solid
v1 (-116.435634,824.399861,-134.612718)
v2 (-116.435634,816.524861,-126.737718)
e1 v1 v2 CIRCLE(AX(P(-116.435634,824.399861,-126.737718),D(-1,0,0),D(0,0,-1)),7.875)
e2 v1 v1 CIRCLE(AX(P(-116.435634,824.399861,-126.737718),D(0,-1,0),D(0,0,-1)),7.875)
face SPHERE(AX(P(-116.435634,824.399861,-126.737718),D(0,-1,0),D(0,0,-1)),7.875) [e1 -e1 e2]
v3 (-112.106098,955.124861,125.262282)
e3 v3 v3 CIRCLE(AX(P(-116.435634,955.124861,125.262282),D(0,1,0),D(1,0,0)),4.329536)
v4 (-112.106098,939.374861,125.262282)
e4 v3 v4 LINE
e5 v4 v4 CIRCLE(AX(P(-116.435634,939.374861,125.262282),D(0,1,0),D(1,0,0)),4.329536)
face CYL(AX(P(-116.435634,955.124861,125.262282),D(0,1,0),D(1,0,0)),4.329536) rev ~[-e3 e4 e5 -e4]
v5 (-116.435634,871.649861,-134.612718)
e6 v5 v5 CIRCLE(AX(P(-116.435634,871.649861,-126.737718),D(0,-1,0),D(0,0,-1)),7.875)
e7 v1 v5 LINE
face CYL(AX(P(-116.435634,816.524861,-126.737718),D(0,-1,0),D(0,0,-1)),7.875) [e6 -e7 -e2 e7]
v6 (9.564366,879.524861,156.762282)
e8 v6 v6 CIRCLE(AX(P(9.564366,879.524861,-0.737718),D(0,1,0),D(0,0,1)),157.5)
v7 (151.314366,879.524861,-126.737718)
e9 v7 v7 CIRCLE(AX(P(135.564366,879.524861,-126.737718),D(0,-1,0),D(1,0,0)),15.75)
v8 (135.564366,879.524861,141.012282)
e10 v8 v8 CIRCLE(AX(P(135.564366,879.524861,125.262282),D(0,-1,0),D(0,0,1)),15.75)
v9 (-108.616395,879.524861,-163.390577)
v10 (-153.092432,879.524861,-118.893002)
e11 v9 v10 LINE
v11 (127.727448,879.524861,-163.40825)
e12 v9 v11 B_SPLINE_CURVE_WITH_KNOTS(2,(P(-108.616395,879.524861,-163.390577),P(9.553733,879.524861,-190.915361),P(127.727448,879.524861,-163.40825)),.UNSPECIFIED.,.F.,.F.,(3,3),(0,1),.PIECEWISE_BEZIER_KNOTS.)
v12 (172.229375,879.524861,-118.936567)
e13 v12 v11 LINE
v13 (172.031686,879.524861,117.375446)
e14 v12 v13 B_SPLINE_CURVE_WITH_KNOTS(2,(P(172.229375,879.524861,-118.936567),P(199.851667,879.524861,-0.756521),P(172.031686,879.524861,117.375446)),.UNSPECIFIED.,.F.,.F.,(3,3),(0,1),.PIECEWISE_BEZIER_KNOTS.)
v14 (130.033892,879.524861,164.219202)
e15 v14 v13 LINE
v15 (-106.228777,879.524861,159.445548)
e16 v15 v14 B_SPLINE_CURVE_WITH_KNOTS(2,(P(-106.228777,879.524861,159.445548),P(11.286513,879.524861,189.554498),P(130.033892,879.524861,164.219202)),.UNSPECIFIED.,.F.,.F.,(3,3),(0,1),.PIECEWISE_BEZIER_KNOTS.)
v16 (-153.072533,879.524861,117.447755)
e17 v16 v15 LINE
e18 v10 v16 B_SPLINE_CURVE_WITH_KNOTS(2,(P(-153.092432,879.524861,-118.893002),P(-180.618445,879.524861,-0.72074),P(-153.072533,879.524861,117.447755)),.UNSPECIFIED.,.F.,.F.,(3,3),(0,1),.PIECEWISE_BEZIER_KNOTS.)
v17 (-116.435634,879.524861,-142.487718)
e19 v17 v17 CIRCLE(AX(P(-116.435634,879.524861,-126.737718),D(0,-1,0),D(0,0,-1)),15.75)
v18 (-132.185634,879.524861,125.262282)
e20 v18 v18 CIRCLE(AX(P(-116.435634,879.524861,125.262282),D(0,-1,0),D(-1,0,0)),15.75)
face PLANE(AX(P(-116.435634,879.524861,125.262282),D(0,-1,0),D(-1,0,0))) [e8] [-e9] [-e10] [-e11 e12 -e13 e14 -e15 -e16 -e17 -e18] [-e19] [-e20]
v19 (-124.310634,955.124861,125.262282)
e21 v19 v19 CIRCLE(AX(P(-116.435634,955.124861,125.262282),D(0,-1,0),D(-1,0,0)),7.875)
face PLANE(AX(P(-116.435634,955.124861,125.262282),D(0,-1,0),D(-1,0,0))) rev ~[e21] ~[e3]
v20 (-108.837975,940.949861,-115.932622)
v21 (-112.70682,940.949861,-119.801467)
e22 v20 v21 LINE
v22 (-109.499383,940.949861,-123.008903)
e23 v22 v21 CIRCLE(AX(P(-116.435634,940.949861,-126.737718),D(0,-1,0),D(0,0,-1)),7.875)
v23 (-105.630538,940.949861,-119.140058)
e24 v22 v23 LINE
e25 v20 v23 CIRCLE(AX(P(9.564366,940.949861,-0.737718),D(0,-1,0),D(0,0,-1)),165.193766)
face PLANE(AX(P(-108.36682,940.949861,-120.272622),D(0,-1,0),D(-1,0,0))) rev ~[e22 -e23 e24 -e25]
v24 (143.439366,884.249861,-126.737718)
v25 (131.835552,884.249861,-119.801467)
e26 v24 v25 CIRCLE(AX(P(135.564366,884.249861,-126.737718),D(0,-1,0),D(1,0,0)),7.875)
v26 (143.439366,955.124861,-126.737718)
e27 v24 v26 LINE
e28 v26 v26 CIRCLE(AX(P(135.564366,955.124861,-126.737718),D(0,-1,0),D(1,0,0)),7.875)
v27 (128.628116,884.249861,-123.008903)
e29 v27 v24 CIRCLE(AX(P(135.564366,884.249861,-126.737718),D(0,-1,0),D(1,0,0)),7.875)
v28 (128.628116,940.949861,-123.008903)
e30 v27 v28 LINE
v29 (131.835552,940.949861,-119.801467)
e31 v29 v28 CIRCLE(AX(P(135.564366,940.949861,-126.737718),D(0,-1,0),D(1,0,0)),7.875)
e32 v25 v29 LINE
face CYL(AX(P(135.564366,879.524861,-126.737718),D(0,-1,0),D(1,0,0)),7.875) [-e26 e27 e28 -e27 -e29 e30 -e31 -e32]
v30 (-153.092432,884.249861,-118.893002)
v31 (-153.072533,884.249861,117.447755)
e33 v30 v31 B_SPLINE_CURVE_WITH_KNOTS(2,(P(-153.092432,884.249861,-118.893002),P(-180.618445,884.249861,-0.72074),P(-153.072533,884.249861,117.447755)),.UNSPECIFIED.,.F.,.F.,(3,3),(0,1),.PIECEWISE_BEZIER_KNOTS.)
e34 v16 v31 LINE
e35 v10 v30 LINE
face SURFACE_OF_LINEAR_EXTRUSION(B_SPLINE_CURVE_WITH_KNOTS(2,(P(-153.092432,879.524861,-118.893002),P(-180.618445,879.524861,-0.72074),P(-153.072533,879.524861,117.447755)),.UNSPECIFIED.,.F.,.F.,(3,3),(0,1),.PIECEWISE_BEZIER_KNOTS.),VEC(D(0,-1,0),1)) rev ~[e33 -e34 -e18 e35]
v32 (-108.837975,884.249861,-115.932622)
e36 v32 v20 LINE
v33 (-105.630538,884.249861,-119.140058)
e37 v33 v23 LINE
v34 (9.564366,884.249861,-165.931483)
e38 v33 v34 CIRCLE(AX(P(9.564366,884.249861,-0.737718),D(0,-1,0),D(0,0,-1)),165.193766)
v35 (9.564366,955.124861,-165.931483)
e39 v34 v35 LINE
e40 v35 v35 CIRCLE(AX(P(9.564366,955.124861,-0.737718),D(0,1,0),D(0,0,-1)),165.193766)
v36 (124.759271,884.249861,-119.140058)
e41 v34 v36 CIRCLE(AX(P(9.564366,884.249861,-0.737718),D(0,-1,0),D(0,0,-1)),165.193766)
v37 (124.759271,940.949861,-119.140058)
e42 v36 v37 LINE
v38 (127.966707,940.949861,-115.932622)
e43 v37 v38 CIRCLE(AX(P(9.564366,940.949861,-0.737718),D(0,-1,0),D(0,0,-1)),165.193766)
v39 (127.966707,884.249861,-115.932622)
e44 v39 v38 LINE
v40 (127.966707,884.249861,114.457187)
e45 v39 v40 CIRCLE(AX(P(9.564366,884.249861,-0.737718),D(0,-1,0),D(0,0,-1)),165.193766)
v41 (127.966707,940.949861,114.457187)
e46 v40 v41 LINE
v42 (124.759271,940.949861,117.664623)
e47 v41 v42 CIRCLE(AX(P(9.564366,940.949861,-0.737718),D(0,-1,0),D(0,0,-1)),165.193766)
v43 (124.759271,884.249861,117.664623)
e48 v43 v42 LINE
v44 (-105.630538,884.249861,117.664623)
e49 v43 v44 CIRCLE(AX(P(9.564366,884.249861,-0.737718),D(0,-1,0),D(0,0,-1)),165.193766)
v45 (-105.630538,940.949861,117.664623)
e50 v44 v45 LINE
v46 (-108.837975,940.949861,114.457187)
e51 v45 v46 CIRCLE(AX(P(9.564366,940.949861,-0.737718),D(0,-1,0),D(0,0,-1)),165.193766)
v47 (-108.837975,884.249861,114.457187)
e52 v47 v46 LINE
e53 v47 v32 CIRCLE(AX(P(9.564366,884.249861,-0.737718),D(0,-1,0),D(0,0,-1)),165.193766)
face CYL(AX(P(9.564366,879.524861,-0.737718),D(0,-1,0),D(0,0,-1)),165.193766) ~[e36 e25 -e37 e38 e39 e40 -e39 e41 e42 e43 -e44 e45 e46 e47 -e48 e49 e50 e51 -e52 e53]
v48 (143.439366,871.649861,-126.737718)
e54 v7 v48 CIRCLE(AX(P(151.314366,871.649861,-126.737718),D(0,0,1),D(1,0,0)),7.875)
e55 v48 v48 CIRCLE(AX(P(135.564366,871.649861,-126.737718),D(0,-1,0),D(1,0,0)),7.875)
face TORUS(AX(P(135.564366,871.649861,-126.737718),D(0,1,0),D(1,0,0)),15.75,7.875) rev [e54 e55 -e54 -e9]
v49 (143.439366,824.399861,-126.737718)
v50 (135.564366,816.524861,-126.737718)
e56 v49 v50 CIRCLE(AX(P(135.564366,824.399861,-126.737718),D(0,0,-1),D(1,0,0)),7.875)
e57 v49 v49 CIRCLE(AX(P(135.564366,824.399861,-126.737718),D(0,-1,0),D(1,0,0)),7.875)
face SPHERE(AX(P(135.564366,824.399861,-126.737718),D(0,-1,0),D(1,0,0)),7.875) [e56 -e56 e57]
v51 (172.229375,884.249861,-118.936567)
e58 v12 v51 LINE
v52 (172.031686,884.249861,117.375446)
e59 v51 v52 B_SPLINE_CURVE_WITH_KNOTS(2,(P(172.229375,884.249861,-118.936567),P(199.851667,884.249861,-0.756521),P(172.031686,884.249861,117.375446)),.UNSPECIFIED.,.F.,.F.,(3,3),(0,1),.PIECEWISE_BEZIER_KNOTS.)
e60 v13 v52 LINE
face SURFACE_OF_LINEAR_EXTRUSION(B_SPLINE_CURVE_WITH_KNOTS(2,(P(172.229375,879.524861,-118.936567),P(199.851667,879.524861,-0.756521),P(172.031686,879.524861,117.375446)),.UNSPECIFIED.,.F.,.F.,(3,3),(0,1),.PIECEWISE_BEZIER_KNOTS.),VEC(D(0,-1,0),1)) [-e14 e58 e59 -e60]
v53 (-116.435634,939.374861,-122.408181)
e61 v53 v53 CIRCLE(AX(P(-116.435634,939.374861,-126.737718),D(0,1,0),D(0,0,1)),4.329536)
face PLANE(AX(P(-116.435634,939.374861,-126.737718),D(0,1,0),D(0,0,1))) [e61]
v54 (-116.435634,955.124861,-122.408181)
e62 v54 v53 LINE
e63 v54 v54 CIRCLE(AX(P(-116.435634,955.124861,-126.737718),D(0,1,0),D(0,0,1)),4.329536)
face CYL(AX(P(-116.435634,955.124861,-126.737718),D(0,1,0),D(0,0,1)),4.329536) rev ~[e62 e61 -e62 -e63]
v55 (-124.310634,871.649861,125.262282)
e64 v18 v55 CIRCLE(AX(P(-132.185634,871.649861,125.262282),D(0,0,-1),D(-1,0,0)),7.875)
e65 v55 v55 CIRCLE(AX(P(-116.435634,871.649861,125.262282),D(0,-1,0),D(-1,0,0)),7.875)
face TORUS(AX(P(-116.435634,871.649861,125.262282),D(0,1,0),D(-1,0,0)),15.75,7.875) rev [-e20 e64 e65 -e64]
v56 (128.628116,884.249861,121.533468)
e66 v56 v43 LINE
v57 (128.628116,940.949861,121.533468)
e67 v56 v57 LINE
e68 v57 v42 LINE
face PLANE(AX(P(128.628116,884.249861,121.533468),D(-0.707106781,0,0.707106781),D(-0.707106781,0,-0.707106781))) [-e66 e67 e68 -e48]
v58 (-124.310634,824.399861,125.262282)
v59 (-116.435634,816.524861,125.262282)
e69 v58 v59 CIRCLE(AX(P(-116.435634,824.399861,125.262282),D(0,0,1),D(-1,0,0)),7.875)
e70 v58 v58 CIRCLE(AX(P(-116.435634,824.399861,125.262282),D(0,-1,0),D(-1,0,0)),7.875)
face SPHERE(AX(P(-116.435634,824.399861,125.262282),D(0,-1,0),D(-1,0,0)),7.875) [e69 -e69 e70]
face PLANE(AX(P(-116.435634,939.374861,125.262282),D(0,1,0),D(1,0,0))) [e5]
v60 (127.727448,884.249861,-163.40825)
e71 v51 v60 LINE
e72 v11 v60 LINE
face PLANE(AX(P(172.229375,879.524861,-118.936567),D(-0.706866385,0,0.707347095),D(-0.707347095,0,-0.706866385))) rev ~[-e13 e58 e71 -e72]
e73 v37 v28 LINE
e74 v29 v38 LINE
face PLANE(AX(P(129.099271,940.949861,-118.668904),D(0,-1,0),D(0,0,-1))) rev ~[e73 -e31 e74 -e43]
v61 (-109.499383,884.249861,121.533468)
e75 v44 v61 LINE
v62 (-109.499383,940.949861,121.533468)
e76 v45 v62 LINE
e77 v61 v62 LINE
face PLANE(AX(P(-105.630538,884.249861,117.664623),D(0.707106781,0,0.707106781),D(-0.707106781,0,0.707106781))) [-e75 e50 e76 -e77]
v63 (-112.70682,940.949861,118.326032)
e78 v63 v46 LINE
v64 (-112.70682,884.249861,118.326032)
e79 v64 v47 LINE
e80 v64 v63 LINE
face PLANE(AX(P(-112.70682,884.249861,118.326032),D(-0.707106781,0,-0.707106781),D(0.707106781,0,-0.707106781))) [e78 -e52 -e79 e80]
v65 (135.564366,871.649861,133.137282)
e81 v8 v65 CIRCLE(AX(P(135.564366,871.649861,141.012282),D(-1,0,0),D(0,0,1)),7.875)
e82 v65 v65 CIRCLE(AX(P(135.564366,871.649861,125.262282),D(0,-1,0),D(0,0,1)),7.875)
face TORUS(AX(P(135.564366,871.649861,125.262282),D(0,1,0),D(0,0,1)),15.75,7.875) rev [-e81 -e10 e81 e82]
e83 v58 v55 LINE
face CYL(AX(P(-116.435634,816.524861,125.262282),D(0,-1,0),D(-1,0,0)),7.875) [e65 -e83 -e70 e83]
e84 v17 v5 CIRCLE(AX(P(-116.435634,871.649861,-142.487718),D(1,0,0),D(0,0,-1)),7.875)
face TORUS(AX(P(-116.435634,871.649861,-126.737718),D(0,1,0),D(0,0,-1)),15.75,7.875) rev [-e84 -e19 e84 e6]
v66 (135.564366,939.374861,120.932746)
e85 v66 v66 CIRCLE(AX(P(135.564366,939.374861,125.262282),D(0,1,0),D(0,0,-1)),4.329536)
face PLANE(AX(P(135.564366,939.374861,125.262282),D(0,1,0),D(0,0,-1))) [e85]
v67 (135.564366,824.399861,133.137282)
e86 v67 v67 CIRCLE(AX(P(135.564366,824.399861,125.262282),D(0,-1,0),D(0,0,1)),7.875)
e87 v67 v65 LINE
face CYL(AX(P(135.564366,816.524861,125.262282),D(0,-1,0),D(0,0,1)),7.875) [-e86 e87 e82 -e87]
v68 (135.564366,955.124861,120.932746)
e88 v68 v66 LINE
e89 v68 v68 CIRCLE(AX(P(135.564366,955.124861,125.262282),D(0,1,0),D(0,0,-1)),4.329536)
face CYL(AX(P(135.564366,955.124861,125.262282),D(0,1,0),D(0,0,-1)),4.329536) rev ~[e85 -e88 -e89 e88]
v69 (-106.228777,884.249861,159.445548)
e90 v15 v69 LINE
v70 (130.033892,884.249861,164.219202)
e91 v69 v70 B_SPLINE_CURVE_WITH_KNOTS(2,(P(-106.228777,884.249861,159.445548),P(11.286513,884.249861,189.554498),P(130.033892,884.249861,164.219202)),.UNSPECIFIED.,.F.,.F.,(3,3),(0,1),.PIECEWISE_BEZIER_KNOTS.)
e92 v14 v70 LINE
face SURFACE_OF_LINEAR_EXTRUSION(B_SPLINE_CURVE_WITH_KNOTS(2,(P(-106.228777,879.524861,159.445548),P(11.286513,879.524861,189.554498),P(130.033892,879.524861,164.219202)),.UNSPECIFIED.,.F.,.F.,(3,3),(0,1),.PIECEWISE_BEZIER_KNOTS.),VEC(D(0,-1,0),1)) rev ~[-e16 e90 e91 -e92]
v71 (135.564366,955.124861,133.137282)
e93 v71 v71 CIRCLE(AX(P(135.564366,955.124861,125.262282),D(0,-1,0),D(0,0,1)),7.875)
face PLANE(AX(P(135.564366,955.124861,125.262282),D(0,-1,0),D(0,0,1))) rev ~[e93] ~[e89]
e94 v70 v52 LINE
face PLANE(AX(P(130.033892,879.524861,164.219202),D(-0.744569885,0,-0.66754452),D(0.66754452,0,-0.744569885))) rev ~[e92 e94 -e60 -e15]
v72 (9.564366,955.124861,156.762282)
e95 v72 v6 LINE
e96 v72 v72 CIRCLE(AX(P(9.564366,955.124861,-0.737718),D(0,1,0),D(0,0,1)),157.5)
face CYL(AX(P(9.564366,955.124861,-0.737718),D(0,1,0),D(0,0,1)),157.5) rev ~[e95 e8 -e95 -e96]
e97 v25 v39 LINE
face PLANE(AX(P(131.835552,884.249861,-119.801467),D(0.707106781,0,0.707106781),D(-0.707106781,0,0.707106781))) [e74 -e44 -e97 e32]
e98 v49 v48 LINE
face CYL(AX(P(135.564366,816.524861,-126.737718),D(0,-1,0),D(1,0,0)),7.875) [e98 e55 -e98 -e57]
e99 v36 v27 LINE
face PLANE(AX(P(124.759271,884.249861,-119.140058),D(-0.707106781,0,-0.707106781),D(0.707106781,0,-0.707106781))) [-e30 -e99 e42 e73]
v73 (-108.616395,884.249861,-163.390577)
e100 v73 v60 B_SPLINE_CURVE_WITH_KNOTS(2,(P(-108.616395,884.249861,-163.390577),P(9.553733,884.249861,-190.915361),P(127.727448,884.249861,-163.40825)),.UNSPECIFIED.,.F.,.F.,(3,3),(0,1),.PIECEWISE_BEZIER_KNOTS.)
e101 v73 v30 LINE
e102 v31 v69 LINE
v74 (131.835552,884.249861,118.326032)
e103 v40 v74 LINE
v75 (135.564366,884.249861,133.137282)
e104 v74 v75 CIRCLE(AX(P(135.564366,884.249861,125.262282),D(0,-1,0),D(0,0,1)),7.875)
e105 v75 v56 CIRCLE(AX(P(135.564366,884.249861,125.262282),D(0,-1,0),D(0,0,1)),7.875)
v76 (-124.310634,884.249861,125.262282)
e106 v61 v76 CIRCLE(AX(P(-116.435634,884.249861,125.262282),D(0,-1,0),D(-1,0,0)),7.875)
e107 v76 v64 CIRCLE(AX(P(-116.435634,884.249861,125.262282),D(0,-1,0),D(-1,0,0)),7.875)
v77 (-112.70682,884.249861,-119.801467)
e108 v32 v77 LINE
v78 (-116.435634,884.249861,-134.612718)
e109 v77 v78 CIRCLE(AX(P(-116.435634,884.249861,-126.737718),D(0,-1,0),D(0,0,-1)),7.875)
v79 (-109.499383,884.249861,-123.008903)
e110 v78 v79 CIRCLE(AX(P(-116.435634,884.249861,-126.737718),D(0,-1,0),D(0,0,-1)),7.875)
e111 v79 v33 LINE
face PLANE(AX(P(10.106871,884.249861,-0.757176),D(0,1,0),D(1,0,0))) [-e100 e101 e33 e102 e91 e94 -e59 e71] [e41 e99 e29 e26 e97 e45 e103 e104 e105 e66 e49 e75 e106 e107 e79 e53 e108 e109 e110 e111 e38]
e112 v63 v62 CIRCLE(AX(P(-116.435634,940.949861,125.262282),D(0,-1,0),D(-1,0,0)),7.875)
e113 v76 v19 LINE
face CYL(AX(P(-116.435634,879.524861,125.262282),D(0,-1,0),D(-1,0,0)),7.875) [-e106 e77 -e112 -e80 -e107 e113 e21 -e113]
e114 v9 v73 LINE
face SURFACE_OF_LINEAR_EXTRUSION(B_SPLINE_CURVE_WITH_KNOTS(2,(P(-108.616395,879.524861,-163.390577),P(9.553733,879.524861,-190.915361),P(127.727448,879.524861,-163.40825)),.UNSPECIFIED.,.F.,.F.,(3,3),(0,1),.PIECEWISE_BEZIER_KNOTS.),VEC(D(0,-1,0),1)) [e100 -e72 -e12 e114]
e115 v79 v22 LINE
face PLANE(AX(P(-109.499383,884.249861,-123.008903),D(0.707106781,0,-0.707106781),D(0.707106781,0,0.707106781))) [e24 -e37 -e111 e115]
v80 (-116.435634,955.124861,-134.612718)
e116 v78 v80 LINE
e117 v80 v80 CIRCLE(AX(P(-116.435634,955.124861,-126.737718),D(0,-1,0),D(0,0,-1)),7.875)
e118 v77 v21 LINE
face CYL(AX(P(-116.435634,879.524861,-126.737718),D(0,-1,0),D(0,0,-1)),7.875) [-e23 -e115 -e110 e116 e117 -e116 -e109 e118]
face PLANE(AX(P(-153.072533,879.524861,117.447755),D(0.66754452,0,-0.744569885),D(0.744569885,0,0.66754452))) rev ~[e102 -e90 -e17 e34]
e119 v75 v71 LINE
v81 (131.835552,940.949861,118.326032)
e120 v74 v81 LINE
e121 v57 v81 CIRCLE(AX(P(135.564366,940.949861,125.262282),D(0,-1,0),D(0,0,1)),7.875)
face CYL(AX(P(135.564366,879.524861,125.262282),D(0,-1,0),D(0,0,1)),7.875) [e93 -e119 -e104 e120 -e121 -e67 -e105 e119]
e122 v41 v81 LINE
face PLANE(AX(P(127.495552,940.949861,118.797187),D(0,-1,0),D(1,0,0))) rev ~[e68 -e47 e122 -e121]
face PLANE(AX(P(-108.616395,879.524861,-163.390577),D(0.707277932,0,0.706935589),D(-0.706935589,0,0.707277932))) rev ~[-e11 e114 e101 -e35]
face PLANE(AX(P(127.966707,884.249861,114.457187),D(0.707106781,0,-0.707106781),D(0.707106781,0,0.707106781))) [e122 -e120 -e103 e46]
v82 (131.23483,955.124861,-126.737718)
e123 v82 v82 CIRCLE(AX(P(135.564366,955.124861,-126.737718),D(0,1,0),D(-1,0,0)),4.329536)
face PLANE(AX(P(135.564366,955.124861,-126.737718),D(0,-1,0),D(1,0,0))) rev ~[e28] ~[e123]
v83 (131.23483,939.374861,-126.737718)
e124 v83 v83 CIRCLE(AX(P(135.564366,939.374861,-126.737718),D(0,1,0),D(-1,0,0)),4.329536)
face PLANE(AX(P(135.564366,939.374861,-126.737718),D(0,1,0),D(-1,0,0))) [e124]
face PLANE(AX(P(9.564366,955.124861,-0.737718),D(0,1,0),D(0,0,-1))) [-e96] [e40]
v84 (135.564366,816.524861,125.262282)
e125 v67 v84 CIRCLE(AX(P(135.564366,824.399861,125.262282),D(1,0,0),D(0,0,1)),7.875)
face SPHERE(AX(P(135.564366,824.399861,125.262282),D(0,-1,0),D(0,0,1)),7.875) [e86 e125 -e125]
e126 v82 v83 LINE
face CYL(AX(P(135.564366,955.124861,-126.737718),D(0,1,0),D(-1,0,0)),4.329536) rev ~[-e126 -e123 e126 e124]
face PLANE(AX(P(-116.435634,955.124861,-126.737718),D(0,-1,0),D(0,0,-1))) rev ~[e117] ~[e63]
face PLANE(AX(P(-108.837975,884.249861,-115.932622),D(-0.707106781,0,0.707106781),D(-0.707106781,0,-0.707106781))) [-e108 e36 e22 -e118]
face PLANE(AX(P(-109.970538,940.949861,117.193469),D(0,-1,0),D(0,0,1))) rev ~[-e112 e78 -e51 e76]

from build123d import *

# Parameters (mm, degrees)
SKETCH2_R                = 5000
BOSS_EXTRUDE2_DEPTH      = 150
SKETCH3_R                = 5244.246539356
BOSS_EXTRUDE3_DEPTH      = 2400
SKETCH4_R                = 5000
CUT_EXTRUDE1_DEPTH       = 3000
SKETCH7_R                = 250
BOSS_EXTRUDE12_DEPTH     = 2400
BOSS_EXTRUDE13_START     = 2000
SKETCH9_R                = 250
BOSS_EXTRUDE13_DEPTH     = 2000
FILLET1_R                = 250
SKETCH10_R               = 137.445591435
CUT_EXTRUDE2_DEPTH       = 500
EXTRUDE_THIN10_DEPTH     = 1800
CIRPATTERN1_COUNT        = 4
FILLET1_OF_CIRPATTERN1_R = 250
SCALE2_SCALE             = 0.0315


with BuildPart() as part:
    # Sketch2 → Boss-Extrude2 (new body)
    with BuildSketch(Plane(origin=(0, 0, 0), x_dir=(1, 0, 0), z_dir=(0, 1, 0))):
        with BuildLine():
            Line((3824.429393628, -5236.727592336), (5157.692676049, -3749.624245316))
            add(Edge.make_bspline(
                [(5163.968520998, 3752.344435712), (6040.866701019, 0.596942764), (5157.692676049, -3749.624245316)],
                knots=[0, 0, 0, 1, 1, 1], degree=2))
            Line((5163.968520998, 3752.344435712), (3751.208948661, 5164.143902966))
            add(Edge.make_bspline(
                [(-3751.770188441, 5163.582833105), (-0.337562444, 6037.385508755), (3751.208948661, 5164.143902966)],
                knots=[0, 0, 0, 1, 1, 1], degree=2))
            Line((-3751.770188441, 5163.582833105), (-5163.707873982, 3750.961398637))
            add(Edge.make_bspline(
                [(-5163.707873982, 3750.961398637), (-6037.549572471, -0.53895869), (-5163.076160475, -3751.919756157)],
                knots=[0, 0, 0, 1, 1, 1], degree=2))
            Line((-5163.076160475, -3751.919756157), (-3675.972813455, -5085.183038578))
            add(Edge.make_bspline(
                [(-3675.972813455, -5085.183038578), (54.671333271, -6041.022726245), (3824.429393628, -5236.727592336)],
                knots=[0, 0, 0, 1, 1, 1], degree=2))
        make_face()
        Circle(SKETCH2_R, mode=Mode.SUBTRACT)
    extrude(amount=BOSS_EXTRUDE2_DEPTH)

    # Sketch3 → Boss-Extrude3 (add)
    with BuildSketch(Plane(origin=(0, 0, 0), x_dir=(1, 0, 0), z_dir=(0, 1, 0))):
        Circle(SKETCH3_R)
    extrude(amount=BOSS_EXTRUDE3_DEPTH)

    # Sketch4 → Cut-Extrude1 (cut)
    with BuildSketch(Plane(origin=(0, 2400, 0), x_dir=(1, 0, 0), z_dir=(0, 1, 0))):
        Circle(SKETCH4_R)
    extrude(amount=-CUT_EXTRUDE1_DEPTH, mode=Mode.SUBTRACT)

    # Sketch7 → Boss-Extrude12 (add)
    with BuildSketch(Plane(origin=(0, 0, 0), x_dir=(-1, 0, 0), z_dir=(0, -1, 0))):
        with Locations((4000, 4000)):
            Circle(SKETCH7_R)
    boss_extrude12 = extrude(amount=-BOSS_EXTRUDE12_DEPTH)

    # Sketch9 → Boss-Extrude13 (add)
    with BuildSketch(Plane(origin=(0, 0, 0), x_dir=(-1, 0, 0), z_dir=(0, -1, 0)).offset(BOSS_EXTRUDE13_START)):
        with Locations((4000, 4000)):
            Circle(SKETCH9_R)
    boss_extrude13 = extrude(amount=-BOSS_EXTRUDE13_DEPTH)

    # Fillet1
    fillet1_edges = [part.edges().sort_by_distance(p)[0] for p in [
        (-3750, 0, -4000),
        (-3750, -2000, -4000),
    ]]
    fillet(fillet1_edges, radius=FILLET1_R)

    # Sketch10 → Cut-Extrude2 (cut)
    with BuildSketch(Plane(origin=(0, 2400, 0), x_dir=(1, 0, 0), z_dir=(0, 1, 0))):
        with Locations((-4000, 4000)):
            Circle(SKETCH10_R)
    cut_extrude2 = extrude(amount=-CUT_EXTRUDE2_DEPTH, mode=Mode.SUBTRACT)

    # Sketch13 → Extrude-Thin10 (add)
    with BuildSketch(Plane(origin=(0, 150, 0), x_dir=(1, 0, 0), z_dir=(0, 1, 0))):
        Polygon((-3779.801572758, 3881.624949249), (-3656.98109375, 3758.804470241), (-3707.892781996, 3707.892781996), (-3830.713261004, 3830.713261004), align=None)
        Polygon((-3758.804470241, 3656.98109375), (-3881.624949249, 3779.801572758), (-3830.713261004, 3830.713261004), (-3707.892781996, 3707.892781996), align=None)
    extrude_thin10 = extrude(amount=EXTRUDE_THIN10_DEPTH)

    # CirPattern1: Boss-Extrude12, Boss-Extrude13, Cut-Extrude2, Extrude-Thin10 ×4 about axis
    cirpattern1_axis = Axis((0, 3250, 0), (0, -1, 0))
    add([boss_extrude12.rotate(cirpattern1_axis, i * 360 / CIRPATTERN1_COUNT) for i in range(1, CIRPATTERN1_COUNT)])
    add([boss_extrude13.rotate(cirpattern1_axis, i * 360 / CIRPATTERN1_COUNT) for i in range(1, CIRPATTERN1_COUNT)])
    add([cut_extrude2.rotate(cirpattern1_axis, i * 360 / CIRPATTERN1_COUNT) for i in range(1, CIRPATTERN1_COUNT)], mode=Mode.SUBTRACT)
    add([extrude_thin10.rotate(cirpattern1_axis, i * 360 / CIRPATTERN1_COUNT) for i in range(1, CIRPATTERN1_COUNT)])

    # Fillet1 of CirPattern1
    fillet1_of_cirpattern1_edges = [part.edges().sort_by_distance(p)[0] for p in [
        (4000, 0, -3750),
        (4000, -2000, -3750),
        (3750, 0, 4000),
        (3750, -2000, 4000),
        (-4000, 0, 3750),
        (-4000, -2000, 3750),
    ]]
    fillet(fillet1_of_cirpattern1_edges, radius=FILLET1_OF_CIRPATTERN1_R)


with BuildPart() as part_1:
    # Scale2: scaled about (9.875442707, 908.130987309, -0.761711413)
    add(part.part.scale(SCALE2_SCALE).moved(Location((9.564366262, 879.524861209, -0.737717503))))


solid = part_1.part
